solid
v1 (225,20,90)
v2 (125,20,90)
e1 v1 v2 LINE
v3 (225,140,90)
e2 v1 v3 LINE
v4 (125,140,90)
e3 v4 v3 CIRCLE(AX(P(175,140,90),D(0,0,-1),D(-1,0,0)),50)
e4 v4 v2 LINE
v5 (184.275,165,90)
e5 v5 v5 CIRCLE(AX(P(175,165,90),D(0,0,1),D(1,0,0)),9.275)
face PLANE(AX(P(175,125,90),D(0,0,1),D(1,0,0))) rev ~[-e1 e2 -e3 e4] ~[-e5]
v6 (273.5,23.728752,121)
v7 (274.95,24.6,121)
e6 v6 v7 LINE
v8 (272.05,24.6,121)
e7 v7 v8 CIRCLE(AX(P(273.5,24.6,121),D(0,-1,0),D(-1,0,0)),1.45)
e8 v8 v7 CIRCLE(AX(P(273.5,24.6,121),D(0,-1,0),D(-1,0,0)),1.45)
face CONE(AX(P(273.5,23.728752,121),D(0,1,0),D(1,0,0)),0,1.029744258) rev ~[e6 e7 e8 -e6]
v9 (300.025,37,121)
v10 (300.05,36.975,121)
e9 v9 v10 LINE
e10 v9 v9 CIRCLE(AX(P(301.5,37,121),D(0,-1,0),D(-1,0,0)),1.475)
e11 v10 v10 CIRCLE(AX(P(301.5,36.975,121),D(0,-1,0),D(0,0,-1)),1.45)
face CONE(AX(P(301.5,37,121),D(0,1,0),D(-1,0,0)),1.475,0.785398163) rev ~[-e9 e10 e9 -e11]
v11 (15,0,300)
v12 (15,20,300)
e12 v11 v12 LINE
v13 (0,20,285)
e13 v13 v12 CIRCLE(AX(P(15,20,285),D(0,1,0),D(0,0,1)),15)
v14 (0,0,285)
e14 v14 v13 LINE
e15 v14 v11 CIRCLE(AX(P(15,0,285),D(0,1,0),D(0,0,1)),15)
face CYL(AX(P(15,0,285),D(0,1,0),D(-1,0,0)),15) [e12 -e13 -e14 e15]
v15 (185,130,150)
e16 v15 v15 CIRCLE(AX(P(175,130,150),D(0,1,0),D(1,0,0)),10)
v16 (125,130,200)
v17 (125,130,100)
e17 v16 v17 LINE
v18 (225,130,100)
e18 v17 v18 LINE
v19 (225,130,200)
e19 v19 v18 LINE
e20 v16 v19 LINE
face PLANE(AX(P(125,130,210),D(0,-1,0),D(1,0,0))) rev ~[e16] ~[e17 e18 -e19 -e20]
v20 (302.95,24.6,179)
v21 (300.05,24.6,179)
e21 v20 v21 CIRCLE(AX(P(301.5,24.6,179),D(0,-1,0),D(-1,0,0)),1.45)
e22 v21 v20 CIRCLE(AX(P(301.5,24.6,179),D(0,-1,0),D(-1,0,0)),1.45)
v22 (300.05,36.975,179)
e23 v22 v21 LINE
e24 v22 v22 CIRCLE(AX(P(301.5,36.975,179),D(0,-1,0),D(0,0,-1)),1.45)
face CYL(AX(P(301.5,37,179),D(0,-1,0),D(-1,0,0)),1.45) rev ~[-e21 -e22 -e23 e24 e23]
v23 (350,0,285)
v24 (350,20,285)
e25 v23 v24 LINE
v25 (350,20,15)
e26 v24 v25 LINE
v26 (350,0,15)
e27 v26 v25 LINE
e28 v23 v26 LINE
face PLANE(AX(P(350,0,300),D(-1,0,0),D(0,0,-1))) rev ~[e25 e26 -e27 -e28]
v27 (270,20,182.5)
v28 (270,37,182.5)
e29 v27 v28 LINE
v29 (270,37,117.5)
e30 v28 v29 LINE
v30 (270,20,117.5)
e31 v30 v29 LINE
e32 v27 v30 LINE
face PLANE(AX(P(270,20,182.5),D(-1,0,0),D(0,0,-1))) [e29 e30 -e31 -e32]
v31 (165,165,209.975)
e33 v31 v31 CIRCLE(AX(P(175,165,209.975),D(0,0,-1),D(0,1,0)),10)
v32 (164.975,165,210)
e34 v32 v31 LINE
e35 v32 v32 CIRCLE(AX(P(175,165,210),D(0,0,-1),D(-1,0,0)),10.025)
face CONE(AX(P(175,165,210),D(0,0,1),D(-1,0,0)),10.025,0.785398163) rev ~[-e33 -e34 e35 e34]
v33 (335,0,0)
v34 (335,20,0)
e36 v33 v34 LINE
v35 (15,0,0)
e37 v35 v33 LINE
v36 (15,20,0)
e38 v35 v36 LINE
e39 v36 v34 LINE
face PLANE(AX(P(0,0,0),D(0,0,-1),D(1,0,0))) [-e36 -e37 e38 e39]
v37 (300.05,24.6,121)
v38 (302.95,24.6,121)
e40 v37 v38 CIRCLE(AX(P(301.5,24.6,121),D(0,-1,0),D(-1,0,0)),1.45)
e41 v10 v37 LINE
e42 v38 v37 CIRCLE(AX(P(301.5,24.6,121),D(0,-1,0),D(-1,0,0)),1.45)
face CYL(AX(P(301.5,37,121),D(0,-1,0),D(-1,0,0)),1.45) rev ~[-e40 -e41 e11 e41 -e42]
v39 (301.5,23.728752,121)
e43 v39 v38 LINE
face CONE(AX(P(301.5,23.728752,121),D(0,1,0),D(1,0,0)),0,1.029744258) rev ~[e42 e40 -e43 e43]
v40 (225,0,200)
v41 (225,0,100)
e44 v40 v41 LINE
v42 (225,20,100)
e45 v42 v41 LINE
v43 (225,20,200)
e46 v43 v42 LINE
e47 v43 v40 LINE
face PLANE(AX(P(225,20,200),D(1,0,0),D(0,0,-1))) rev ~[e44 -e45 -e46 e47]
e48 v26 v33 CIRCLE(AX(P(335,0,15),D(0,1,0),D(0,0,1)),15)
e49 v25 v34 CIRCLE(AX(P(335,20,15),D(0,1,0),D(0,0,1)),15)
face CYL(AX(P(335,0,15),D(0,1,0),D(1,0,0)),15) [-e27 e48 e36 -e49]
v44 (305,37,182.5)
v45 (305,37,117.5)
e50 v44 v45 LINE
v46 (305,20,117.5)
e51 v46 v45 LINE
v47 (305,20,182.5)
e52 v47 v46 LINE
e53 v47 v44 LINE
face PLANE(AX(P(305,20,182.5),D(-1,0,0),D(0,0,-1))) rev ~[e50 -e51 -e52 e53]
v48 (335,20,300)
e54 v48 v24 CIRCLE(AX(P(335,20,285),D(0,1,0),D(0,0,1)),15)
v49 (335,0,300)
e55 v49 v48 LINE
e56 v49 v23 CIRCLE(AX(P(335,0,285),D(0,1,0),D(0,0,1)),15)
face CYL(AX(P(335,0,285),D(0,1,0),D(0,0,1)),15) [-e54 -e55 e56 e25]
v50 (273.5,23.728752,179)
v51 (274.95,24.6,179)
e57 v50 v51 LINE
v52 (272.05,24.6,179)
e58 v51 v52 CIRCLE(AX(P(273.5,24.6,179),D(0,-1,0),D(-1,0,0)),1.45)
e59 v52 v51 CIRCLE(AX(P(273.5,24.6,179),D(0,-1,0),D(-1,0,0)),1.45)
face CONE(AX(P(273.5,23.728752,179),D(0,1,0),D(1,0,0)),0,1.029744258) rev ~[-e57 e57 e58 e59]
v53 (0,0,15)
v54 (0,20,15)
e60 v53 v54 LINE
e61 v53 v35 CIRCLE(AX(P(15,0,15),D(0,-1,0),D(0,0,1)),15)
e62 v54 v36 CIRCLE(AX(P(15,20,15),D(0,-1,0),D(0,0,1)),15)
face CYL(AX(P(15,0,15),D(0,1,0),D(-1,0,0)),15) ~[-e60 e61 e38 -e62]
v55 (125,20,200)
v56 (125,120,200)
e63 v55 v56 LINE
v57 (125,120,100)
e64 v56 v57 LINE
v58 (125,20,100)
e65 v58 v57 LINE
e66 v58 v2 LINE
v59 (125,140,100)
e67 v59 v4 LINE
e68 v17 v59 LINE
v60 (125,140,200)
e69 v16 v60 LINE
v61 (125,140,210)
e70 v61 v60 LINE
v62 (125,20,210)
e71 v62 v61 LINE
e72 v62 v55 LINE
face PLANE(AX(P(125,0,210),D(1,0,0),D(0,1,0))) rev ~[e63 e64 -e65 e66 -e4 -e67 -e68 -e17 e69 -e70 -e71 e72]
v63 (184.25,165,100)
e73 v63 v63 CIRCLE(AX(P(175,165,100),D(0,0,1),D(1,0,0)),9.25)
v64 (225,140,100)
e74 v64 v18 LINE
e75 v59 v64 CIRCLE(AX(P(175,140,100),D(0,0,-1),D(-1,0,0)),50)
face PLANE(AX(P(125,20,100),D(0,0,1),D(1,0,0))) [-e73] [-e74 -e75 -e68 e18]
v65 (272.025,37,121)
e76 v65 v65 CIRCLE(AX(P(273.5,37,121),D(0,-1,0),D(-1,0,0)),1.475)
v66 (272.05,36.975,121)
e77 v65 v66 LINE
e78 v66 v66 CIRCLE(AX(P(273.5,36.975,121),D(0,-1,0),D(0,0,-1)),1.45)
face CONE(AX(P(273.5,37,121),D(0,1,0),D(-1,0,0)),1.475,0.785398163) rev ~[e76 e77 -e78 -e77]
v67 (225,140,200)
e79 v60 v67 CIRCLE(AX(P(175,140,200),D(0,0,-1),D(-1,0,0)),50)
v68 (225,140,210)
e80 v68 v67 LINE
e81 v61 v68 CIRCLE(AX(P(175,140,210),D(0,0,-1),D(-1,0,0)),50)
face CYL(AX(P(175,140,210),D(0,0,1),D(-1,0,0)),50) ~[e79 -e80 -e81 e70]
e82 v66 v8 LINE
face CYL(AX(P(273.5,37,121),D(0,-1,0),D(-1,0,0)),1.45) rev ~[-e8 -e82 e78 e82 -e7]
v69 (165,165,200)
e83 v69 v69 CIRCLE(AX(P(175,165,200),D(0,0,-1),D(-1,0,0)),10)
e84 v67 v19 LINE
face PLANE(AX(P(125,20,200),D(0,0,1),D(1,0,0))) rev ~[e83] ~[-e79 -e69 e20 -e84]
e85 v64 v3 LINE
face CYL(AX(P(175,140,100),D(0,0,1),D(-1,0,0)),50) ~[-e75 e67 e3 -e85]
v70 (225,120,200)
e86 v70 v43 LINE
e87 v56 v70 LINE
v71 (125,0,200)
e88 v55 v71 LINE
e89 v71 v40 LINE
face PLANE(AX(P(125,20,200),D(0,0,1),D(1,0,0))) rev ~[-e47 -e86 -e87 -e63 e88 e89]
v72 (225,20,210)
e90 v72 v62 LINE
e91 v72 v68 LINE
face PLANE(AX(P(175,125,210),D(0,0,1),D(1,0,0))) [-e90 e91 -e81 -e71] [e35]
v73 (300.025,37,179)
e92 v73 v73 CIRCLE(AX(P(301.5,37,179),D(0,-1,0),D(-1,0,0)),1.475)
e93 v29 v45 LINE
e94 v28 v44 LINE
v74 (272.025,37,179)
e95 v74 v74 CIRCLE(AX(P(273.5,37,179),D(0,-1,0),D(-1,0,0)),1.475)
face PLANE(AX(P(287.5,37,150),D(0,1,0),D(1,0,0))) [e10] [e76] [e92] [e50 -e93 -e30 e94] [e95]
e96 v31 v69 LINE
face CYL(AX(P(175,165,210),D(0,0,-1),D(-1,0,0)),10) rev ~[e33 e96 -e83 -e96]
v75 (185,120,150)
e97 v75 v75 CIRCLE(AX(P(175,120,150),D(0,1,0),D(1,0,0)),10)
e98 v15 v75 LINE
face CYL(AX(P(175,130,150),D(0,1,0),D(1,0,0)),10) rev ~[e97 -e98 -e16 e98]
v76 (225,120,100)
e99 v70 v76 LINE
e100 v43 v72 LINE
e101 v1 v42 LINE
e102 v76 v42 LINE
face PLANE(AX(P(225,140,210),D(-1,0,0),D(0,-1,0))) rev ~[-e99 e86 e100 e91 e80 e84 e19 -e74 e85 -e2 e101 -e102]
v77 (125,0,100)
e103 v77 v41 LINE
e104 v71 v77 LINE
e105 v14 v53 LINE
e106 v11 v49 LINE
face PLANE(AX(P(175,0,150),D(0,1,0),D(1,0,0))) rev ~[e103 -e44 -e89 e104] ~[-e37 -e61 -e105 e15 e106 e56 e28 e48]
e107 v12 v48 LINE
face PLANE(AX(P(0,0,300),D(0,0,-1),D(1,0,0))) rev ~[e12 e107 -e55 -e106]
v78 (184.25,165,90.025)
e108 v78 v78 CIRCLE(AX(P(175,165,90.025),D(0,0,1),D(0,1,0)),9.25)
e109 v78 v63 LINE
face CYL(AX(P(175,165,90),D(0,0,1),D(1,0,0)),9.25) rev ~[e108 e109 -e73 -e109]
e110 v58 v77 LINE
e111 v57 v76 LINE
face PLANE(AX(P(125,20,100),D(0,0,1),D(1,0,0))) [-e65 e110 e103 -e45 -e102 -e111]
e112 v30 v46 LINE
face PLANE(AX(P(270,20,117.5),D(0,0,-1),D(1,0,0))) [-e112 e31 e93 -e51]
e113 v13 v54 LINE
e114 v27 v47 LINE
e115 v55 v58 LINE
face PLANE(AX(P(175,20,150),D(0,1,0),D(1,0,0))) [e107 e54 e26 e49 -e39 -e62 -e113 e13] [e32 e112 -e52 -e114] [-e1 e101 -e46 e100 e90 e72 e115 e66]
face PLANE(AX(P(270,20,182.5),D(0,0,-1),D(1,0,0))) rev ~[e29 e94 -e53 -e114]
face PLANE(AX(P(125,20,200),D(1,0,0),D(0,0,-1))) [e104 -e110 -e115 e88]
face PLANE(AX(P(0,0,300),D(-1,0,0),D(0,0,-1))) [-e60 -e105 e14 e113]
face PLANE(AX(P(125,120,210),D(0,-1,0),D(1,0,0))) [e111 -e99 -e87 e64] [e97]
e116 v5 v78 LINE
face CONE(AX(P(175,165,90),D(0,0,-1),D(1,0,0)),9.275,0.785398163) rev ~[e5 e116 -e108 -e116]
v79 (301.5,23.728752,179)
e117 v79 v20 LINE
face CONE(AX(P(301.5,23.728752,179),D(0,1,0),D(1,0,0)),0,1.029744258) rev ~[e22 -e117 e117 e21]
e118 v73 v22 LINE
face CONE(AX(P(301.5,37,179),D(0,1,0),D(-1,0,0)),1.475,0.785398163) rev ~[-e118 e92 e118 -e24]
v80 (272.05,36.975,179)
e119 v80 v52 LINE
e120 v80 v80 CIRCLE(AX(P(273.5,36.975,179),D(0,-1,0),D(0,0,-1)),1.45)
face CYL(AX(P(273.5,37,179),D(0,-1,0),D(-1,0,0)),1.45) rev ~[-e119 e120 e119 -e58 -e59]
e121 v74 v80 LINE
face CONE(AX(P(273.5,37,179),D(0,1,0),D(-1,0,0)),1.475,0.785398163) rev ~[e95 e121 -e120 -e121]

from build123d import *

# Parameters (mm, degrees)
SKETCH1_W                              = 350
SKETCH1_H                              = 300
BOSS_EXTRUDE1_DEPTH                    = 20
FILLET1_R                              = 15
SKETCH2_W                              = 100
SKETCH2_H                              = 100
CUT_EXTRUDE1_DEPTH                     = 20
BOSS_EXTRUDE2_DEPTH                    = 10
LPATTERN1_COUNT                        = 2
LPATTERN1_PITCH                        = 110
F_20_0_20_DIAMETER_HOLE2_D             = 20
F_20_0_20_DIAMETER_HOLE2_DEPTH         = 10
F_20_0_20_DIAMETER_HOLE2_CSINK_D       = 20.05
F_20_0_20_DIAMETER_HOLE2_CSINK_ANGLE   = 90
F_20_0_20_DIAMETER_HOLE2_TIP           = 6.00860619
F_18_5_18_5_DIAMETER_HOLE1_D           = 18.5
F_18_5_18_5_DIAMETER_HOLE1_DEPTH       = 10
F_18_5_18_5_DIAMETER_HOLE1_CSINK_D     = 18.55
F_18_5_18_5_DIAMETER_HOLE1_CSINK_ANGLE = 90
F_18_5_18_5_DIAMETER_HOLE1_TIP         = 5.557960726
SKETCH32_W                             = 100
SKETCH32_H                             = 10
BOSS_EXTRUDE3_DEPTH                    = 120
SKETCH37_R                             = 10
CUT_EXTRUDE2_DEPTH                     = 36.07831716
SKETCH45_W                             = 35
SKETCH45_H                             = 65
BOSS_EXTRUDE4_DEPTH                    = 17
M2_5_CLEARANCE_HOLE1_D                 = 2.9
M2_5_CLEARANCE_HOLE1_DEPTH             = 12.4
M2_5_CLEARANCE_HOLE1_CSINK_D           = 2.95
M2_5_CLEARANCE_HOLE1_CSINK_ANGLE       = 90
M2_5_CLEARANCE_HOLE1_TIP               = 0.871247898


with BuildPart() as part:
    # Sketch1 → Boss-Extrude1 (new body)
    with BuildSketch(Plane(origin=(0, 0, 0), x_dir=(1, 0, 0), z_dir=(0, 1, 0))):
        with Locations((175, -150)):
            Rectangle(SKETCH1_W, SKETCH1_H)
    extrude(amount=BOSS_EXTRUDE1_DEPTH)

    # Fillet1
    fillet1_edges = [part.edges().sort_by_distance(p)[0] for p in [
        (0, 10, 0),
        (350, 10, 0),
        (350, 10, 300),
        (0, 10, 300),
    ]]
    fillet(fillet1_edges, radius=FILLET1_R)

    # Sketch2 → Cut-Extrude1 (cut)
    with BuildSketch(Plane(origin=(0, 20, 0), x_dir=(1, 0, 0), z_dir=(0, 1, 0))):
        with Locations((175, -150)):
            Rectangle(SKETCH2_W, SKETCH2_H)
    extrude(amount=-CUT_EXTRUDE1_DEPTH, mode=Mode.SUBTRACT)

    # Sketch6 → Boss-Extrude2 (add)
    with BuildSketch(Plane.XY.offset(100)):
        with BuildLine():
            Line((125, 0), (125, 140))
            ThreePointArc((125, 140), (175, 190), (225, 140))
            Line((225, 140), (225, 0))
            Line((225, 0), (125, 0))
        make_face()
    boss_extrude2 = extrude(amount=-BOSS_EXTRUDE2_DEPTH)

    # LPattern1: Boss-Extrude2 ×2
    with Locations(*[(0, 0, i * LPATTERN1_PITCH) for i in range(1, LPATTERN1_COUNT)]):
        add(boss_extrude2)

    # Ø20.0 (20) Diameter Hole2
    with Locations(Plane.XY.offset(210)):
        with Locations((175, 165)):
            CounterSinkHole(F_20_0_20_DIAMETER_HOLE2_D / 2, F_20_0_20_DIAMETER_HOLE2_CSINK_D / 2, depth=F_20_0_20_DIAMETER_HOLE2_DEPTH, counter_sink_angle=F_20_0_20_DIAMETER_HOLE2_CSINK_ANGLE)
            with Locations((0, 0, -(F_20_0_20_DIAMETER_HOLE2_DEPTH + F_20_0_20_DIAMETER_HOLE2_TIP / 2))):  # 118° drill point
                Cone(0, F_20_0_20_DIAMETER_HOLE2_D / 2, F_20_0_20_DIAMETER_HOLE2_TIP, mode=Mode.SUBTRACT)

    # Ø18.5 (18.5) Diameter Hole1
    with Locations(Plane(origin=(0, 0, 90), x_dir=(-1, 0, 0), z_dir=(0, 0, -1))):
        with Locations((-175, 165)):
            CounterSinkHole(F_18_5_18_5_DIAMETER_HOLE1_D / 2, F_18_5_18_5_DIAMETER_HOLE1_CSINK_D / 2, depth=F_18_5_18_5_DIAMETER_HOLE1_DEPTH, counter_sink_angle=F_18_5_18_5_DIAMETER_HOLE1_CSINK_ANGLE)
            with Locations((0, 0, -(F_18_5_18_5_DIAMETER_HOLE1_DEPTH + F_18_5_18_5_DIAMETER_HOLE1_TIP / 2))):  # 118° drill point
                Cone(0, F_18_5_18_5_DIAMETER_HOLE1_D / 2, F_18_5_18_5_DIAMETER_HOLE1_TIP, mode=Mode.SUBTRACT)

    # Sketch32 → Boss-Extrude3 (add)
    with BuildSketch(Plane.XY.offset(210)):
        with Locations((175, 125)):
            Rectangle(SKETCH32_W, SKETCH32_H)
    extrude(amount=-BOSS_EXTRUDE3_DEPTH)

    # Sketch37 → Cut-Extrude2 (cut)
    with BuildSketch(Plane(origin=(0, 130, 0), x_dir=(1, 0, 0), z_dir=(0, 1, 0))):
        with Locations((175, -150)):
            Circle(SKETCH37_R)
    extrude(amount=-CUT_EXTRUDE2_DEPTH, mode=Mode.SUBTRACT)

    # Sketch45 → Boss-Extrude4 (add)
    with BuildSketch(Plane(origin=(0, 20, 0), x_dir=(1, 0, 0), z_dir=(0, 1, 0))):
        with Locations((287.5, -150)):
            Rectangle(SKETCH45_W, SKETCH45_H)
    extrude(amount=BOSS_EXTRUDE4_DEPTH)

    # M2.5 Clearance Hole1
    with Locations(Plane(origin=(0, 37, 0), x_dir=(1, 0, 0), z_dir=(0, 1, 0))):
        with Locations((273.5, -121), (301.5, -121), (301.5, -179), (273.5, -179)):
            CounterSinkHole(M2_5_CLEARANCE_HOLE1_D / 2, M2_5_CLEARANCE_HOLE1_CSINK_D / 2, depth=M2_5_CLEARANCE_HOLE1_DEPTH, counter_sink_angle=M2_5_CLEARANCE_HOLE1_CSINK_ANGLE)
            with Locations((0, 0, -(M2_5_CLEARANCE_HOLE1_DEPTH + M2_5_CLEARANCE_HOLE1_TIP / 2))):  # 118° drill point
                Cone(0, M2_5_CLEARANCE_HOLE1_D / 2, M2_5_CLEARANCE_HOLE1_TIP, mode=Mode.SUBTRACT)


solid = part.part
